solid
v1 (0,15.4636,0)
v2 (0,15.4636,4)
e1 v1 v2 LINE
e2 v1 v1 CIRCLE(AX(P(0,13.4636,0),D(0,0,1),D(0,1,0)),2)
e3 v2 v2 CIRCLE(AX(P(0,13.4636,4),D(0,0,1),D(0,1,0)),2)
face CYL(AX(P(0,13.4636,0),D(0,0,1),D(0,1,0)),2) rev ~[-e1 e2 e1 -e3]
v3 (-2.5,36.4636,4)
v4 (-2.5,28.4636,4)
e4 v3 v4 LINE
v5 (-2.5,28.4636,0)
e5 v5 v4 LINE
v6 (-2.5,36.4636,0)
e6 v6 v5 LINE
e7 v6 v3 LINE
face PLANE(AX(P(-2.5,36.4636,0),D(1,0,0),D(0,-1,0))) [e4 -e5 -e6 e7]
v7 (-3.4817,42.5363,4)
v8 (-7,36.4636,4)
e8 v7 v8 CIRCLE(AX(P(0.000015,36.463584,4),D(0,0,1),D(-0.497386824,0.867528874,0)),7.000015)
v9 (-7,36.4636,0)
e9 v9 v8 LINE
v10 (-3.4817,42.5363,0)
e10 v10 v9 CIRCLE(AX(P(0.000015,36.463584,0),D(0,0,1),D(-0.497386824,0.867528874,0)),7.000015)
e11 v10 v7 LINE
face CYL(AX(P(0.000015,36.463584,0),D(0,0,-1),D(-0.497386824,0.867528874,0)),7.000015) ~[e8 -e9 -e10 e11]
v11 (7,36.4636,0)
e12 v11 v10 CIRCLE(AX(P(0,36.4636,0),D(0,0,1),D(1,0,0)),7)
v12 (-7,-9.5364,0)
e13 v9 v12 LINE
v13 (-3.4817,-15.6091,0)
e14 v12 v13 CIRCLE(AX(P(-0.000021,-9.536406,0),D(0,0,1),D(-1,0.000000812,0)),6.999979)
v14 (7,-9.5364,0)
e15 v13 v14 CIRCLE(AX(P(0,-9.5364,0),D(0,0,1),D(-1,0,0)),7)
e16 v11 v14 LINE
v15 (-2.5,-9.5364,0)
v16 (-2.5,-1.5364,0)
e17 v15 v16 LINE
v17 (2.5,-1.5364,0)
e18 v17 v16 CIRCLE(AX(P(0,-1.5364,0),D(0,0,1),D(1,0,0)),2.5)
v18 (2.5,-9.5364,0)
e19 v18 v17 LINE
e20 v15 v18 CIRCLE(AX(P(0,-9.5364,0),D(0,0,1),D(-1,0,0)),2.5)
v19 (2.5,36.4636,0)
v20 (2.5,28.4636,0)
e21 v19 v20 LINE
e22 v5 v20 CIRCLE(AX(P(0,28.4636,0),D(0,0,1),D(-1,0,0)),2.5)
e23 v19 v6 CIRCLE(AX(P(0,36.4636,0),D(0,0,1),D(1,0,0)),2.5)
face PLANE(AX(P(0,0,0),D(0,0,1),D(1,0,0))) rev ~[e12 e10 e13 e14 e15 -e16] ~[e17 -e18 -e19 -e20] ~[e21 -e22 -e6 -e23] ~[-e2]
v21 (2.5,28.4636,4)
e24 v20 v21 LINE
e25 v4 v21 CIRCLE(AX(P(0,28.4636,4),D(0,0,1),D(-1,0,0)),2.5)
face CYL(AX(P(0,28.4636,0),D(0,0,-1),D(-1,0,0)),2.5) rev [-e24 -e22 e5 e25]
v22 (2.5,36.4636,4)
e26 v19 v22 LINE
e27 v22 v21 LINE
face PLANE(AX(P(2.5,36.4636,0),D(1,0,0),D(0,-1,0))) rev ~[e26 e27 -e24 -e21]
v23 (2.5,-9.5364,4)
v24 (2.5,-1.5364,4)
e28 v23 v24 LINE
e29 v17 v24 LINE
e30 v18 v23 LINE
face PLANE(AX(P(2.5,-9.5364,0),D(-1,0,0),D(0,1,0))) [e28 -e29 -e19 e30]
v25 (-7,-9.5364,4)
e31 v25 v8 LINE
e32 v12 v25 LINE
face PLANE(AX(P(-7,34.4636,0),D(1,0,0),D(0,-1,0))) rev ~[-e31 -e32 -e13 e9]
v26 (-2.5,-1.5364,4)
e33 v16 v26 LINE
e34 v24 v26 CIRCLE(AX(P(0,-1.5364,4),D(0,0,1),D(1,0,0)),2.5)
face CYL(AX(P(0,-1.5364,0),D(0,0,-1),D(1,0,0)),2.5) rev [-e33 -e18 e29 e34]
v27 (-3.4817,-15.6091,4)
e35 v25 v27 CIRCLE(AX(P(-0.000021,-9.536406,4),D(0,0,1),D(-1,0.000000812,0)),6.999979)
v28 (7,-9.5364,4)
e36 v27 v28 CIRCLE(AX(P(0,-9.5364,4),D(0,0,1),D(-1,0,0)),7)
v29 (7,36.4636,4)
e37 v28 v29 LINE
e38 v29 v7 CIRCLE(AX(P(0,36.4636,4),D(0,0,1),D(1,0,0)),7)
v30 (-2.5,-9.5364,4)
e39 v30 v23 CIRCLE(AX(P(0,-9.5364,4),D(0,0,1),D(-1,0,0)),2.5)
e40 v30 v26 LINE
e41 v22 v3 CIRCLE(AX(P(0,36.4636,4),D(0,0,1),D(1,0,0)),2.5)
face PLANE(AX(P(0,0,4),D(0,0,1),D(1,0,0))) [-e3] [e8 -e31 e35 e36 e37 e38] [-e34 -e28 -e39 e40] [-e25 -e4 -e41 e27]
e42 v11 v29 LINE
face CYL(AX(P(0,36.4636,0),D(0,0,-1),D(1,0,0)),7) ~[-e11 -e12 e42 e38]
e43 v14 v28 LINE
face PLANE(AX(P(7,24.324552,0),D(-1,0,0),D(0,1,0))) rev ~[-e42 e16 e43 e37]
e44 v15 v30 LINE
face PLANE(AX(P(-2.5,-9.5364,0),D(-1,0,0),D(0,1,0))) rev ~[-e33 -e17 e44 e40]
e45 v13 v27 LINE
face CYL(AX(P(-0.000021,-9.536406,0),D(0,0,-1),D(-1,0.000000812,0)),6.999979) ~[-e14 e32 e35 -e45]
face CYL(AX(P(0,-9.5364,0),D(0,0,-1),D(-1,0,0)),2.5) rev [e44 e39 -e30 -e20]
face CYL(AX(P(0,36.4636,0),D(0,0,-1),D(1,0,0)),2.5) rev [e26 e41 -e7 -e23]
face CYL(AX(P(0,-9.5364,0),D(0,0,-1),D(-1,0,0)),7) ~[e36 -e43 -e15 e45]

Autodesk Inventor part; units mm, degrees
ref_plane "YZ Plane" through (0, 0, 0) normal (1, 0, 0) x (0, 1, 0)
ref_plane "XZ Plane" through (0, 0, 0) normal (0, 1, 0) x (-1, 0, 0)
ref_plane "XY Plane" through (0, 0, 0) normal (0, 0, 1) x (1, 0, 0)
sketch "Skizze1" plane through (0, 0, 0) normal (0, 0, 1) x (1, 0, 0)
  arc A0 (-9.8094, 24.1784) -> (-25.5, 32.4636) centre (-25.5, 13.4636) ccw projected
  spline S0 degree 3 poles (-9.5246, 24.4295) (-9.5947, 24.3508) (-9.6913, 24.2673) (-9.8094, 24.1784) knots -3.5231 -3.5231 -3.5231 -3.5231 -3.387334 -3.387334 -3.387334 -3.387334 projected
  spline S1 degree 3 poles (-5.9203, 24.7286) (-7.1316, 24.6664) (-8.3377, 24.569) (-9.5246, 24.4295) knots -0.358998 -0.358998 -0.358998 -0.358998 -0.000488 -0.000488 -0.000488 -0.000488 projected
  spline S2 degree 3 poles (5.7288, 24.4412) (3.4836, 24.6353) (1.2371, 24.7655) (-2.6308, 24.8325) (-4.2803, 24.8128) (-5.9203, 24.7286) knots -1.514962 -1.514962 -1.514962 -1.514962 -0.844371 -0.844371 -0.358998 -0.358998 -0.358998 -0.358998 projected
  spline S3 degree 3 poles (8.0901, 24.2144) (7.3033, 24.2971) (6.5161, 24.3731) (5.7288, 24.4412) knots -1.750108 -1.750108 -1.750108 -1.750108 -1.514962 -1.514962 -1.514962 -1.514962 projected
  spline S4 degree 3 poles (8.0901, 2.7128) (8.324, 3.0878) (8.9082, 3.5361) (10.1578, 4.5908) (10.8258, 5.1897) (11.6918, 6.3753) (11.9647, 6.883) (12.3113, 8.0997) (12.28, 8.311) (12.28, 12.4461) (12.28, 15.0004) (12.28, 17.8437) (12.2842, 18.1327) (12.2772, 18.5532) (12.2692, 18.684) (12.1997, 19.3209) (12.0468, 19.8567) (11.3337, 21.1434) (10.7675, 21.7557) (9.5317, 22.8964) (8.8596, 23.394) (8.2868, 23.9543) (8.1689, 24.0882) (8.0901, 24.2144) knots -2.176074 -2.176074 -2.176074 -2.176074 -1.773424 -1.773424 -1.41219 -1.41219 -1.17714 -1.17714 -0.899589 -0.899589 -0.451124 -0.451124 -0.400379 -0.400379 -0.377291 -0.377291 -0.287848 -0.287848 -0.17573 -0.17573 -0.044638 -0.044638 0 0 0 0 projected
  spline S5 degree 3 poles (5.7288, 2.4861) (6.516, 2.5542) (7.3031, 2.6301) (8.0901, 2.7128) knots -0.237402 -0.237402 -0.237402 -0.237402 0 0 0 0 projected
  spline S6 degree 3 poles (-5.9203, 2.1987) (-3.7153, 2.0854) (-1.4799, 2.0879) (2.3946, 2.2331) (4.062, 2.342) (5.7288, 2.4861) knots -1.404313 -1.404313 -1.404313 -1.404313 -0.740078 -0.740078 -0.237402 -0.237402 -0.237402 -0.237402 projected
  spline S7 degree 3 poles (-9.5247, 2.4977) (-8.5957, 2.3885) (-7.6099, 2.3) (-6.3513, 2.2219) (-6.1359, 2.2098) (-5.9203, 2.1987) knots -1.784609 -1.784609 -1.784609 -1.784609 -1.469283 -1.469283 -1.404313 -1.404313 -1.404313 -1.404313 projected
  spline S8 degree 3 poles (-9.8094, 2.7489) (-9.6931, 2.6614) (-9.5956, 2.5775) (-9.5247, 2.4977) knots -0.032025 -0.032025 -0.032025 -0.032025 0 0 0 0 projected
  arc A1 (-25.5, -5.5364) -> (-9.8094, 2.7489) centre (-25.5, 13.4636) ccw projected
  line L0 (-9, -5.5364) -> (-25.5, -5.5364) projected
  arc A2 (-7, -7.5364) -> (-9, -5.5364) centre (-9, -7.5364) ccw projected
  line L1 (-7, -7.5364) -> (-7, -9.5364) projected
  arc A3 (-7, -9.5364) -> (-3.4817, -15.6091) centre (0, -9.5364) ccw projected
  line L2 (-3.4817, -15.6091) -> (15.2239, -26.3335) projected
  spline S9 degree 3 poles (15.2239, -26.3335) (17.8166, -26.541) (20.4738, -26.7661) (23.158, -27.0105) knots -4.735814 -4.735814 -4.735814 -4.735814 -3.935681 -3.935681 -3.935681 -3.935681 projected
  spline S10 degree 3 poles (23.158, -27.0105) (27.9304, -27.4451) (32.7882, -27.9415) (37.5208, -28.5102) knots -3.935681 -3.935681 -3.935681 -3.935681 -2.513113 -2.513113 -2.513113 -2.513113 projected
  spline S11 degree 3 poles (37.5208, -28.5102) (38.7326, -28.6558) (39.9362, -28.8061) (44.0796, -29.3451) (47.0402, -29.7682) (50, -30.2427) knots -2.513113 -2.513113 -2.513113 -2.513113 -2.148859 -2.148859 -1.24681 -1.24681 -1.24681 -1.24681 projected
  spline S12 degree 3 poles (56.3465, -31.3443) (54.2358, -30.9481) (52.1208, -30.5826) (50, -30.2427) knots 0.602362 0.602362 0.602362 0.602362 1.248335 1.248335 1.248335 1.248335 projected
  spline S13 degree 3 poles (62.241, -32.537) (60.2791, -32.11) (58.3146, -31.7138) (56.3465, -31.3443) knots 0 0 0 0 0.602362 0.602362 0.602362 0.602362 projected
  spline S14 degree 3 poles (70, -33.3784) (68.7046, -33.3784) (67.4128, -33.3082) (64.8217, -33.0283) (63.5264, -32.8168) (62.241, -32.537) knots 0 0 0 0 0.388621 0.388621 0.78344 0.78344 0.78344 0.78344 projected
  spline S15 degree 3 poles (73.7911, -33.2247) (72.5308, -33.327) (71.2661, -33.3784) (70, -33.3784) knots 14.377982 14.377982 14.377982 14.377982 14.757802 14.757802 14.757802 14.757802 projected
  spline S16 degree 3 poles (73.7911, 60.152) (78.5926, 59.7621) (83.3131, 58.6332) (93.4264, 54.4829) (98.563, 51.0872) (107.2455, 42.5179) (110.7083, 37.4263) (115.4874, 26.2024) (116.7579, 20.1773) (116.918, 7.9793) (115.806, 1.923) (111.3231, -9.4225) (107.9951, -14.6032) (99.5405, -23.3974) (94.4948, -26.9267) (85.9433, -30.7012) (82.8435, -31.7002) (77.726, -32.7793) (75.764, -33.0645) (73.7911, -33.2247) knots 0.380169 0.380169 0.380169 0.380169 1.829857 1.829857 3.659713 3.659713 5.48957 5.48957 7.319427 7.319427 9.149284 9.149284 10.97914 10.97914 12.808997 12.808997 13.783399 13.783399 14.377982 14.377982 14.377982 14.377982 projected
  spline S17 degree 3 poles (70, 60.3056) (71.2672, 60.3056) (72.5319, 60.2542) (73.7911, 60.152) knots 0 0 0 0 0.380169 0.380169 0.380169 0.380169 projected
  spline S18 degree 3 poles (62.241, 59.4643) (63.5284, 59.7445) (64.8258, 59.9562) (67.4171, 60.2358) (68.7068, 60.3056) (70, 60.3056) knots 0 0 0 0 0.395273 0.395273 0.783108 0.783108 0.783108 0.783108 projected
  spline S19 degree 3 poles (56.348, 58.2721) (58.3166, 58.6416) (60.281, 59.0377) (62.241, 59.4643) knots 0.694959 0.694959 0.694959 0.694959 1.295729 1.295729 1.295729 1.295729 projected
  spline S20 degree 3 poles (50, 57.1701) (52.1206, 57.5101) (54.2367, 57.8758) (56.348, 58.2721) knots 0.050632 0.050632 0.050632 0.050632 0.694959 0.694959 0.694959 0.694959 projected
  spline S21 degree 3 poles (50, 57.1701) (47.8223, 56.8209) (45.643, 56.4993) (41.5192, 55.9333) (39.5312, 55.6787) (37.5208, 55.4371) knots -7.681277 -7.681277 -7.681277 -7.681277 -7.051754 -7.051754 -6.488882 -6.488882 -6.488882 -6.488882 projected
  spline S22 degree 3 poles (37.5208, 55.4371) (32.7747, 54.867) (27.9035, 54.3706) (23.158, 53.9385) knots -6.488882 -6.488882 -6.488882 -6.488882 -5.160068 -5.160068 -5.160068 -5.160068 projected
  spline S23 degree 3 poles (23.158, 53.9385) (20.4571, 53.6926) (17.797, 53.4672) (15.2237, 53.2609) knots -5.160068 -5.160068 -5.160068 -5.160068 -4.403779 -4.403779 -4.403779 -4.403779 projected
  line L3 (15.2237, 53.2609) -> (-3.4817, 42.5363) projected
  arc A4 (-3.4817, 42.5363) -> (-7, 36.4636) centre (0, 36.4636) ccw projected
  line L4 (-7, 36.4636) -> (-7, 34.4636) projected
  arc A5 (-9, 32.4636) -> (-7, 34.4636) centre (-9, 34.4636) ccw projected
  line L5 (-25.5, 32.4636) -> (-9, 32.4636) projected
  circle A6 centre (70, 13.4636) radius 11.1 projected
  line L6 (58.1754, -1.5364) -> (56.5877, 1.2136) projected
  line L7 (56.5877, -4.2864) -> (58.1754, -1.5364) projected
  line L8 (53.4123, -4.2864) -> (56.5877, -4.2864) projected
  line L9 (51.8246, -1.5364) -> (53.4123, -4.2864) projected
  line L10 (53.4123, 1.2136) -> (51.8246, -1.5364) projected
  line L11 (56.5877, 1.2136) -> (53.4123, 1.2136) projected
  line L12 (56.5877, 25.7136) -> (58.1754, 28.4636) projected
  line L13 (53.4123, 25.7136) -> (56.5877, 25.7136) projected
  line L14 (51.8246, 28.4636) -> (53.4123, 25.7136) projected
  line L15 (53.4123, 31.2136) -> (51.8246, 28.4636) projected
  line L16 (56.5877, 31.2136) -> (53.4123, 31.2136) projected
  line L17 (58.1754, 28.4636) -> (56.5877, 31.2136) projected
  arc A7 (91, 7.9636) -> (99, 7.9636) centre (95, 7.9636) ccw projected
  line L18 (91, 7.9636) -> (91, 18.9636) projected
  arc A8 (99, 18.9636) -> (91, 18.9636) centre (95, 18.9636) ccw projected
  line L19 (99, 18.9636) -> (99, 7.9636) projected
  line L20 (88.1754, 28.4636) -> (86.5877, 31.2136) projected
  line L21 (86.5877, 25.7136) -> (88.1754, 28.4636) projected
  line L22 (83.4123, 25.7136) -> (86.5877, 25.7136) projected
  line L23 (81.8246, 28.4636) -> (83.4123, 25.7136) projected
  line L24 (83.4123, 31.2136) -> (81.8246, 28.4636) projected
  line L25 (86.5877, 31.2136) -> (83.4123, 31.2136) projected
  line L26 (86.5877, -4.2864) -> (88.1754, -1.5364) projected
  line L27 (83.4123, -4.2864) -> (86.5877, -4.2864) projected
  line L28 (81.8246, -1.5364) -> (83.4123, -4.2864) projected
  line L29 (83.4123, 1.2136) -> (81.8246, -1.5364) projected
  line L30 (86.5877, 1.2136) -> (83.4123, 1.2136) projected
  line L31 (88.1754, -1.5364) -> (86.5877, 1.2136) projected
  line L32 (2.5, -9.5364) -> (2.5, -1.5364) projected
  arc A9 (-2.5, -9.5364) -> (2.5, -9.5364) centre (0, -9.5364) ccw projected
  line L33 (-2.5, -9.5364) -> (-2.5, -1.5364) projected
  arc A10 (2.5, -1.5364) -> (-2.5, -1.5364) centre (0, -1.5364) ccw projected
  line L34 (2.5, 36.4636) -> (2.5, 28.4636) projected
  arc A11 (-2.5, 28.4636) -> (2.5, 28.4636) centre (0, 28.4636) ccw projected
  line L35 (-2.5, 36.4636) -> (-2.5, 28.4636) projected
  arc A12 (2.5, 36.4636) -> (-2.5, 36.4636) centre (0, 36.4636) ccw projected
  line L36 (0, 36.4636) -> (0, -9.5364) construction
  line L37 (-7, 36.4636) -> (-7, -9.5364)
  line L38 (7, -9.5364) -> (7, 36.4636)
  arc A13 (7, 36.4636) -> (-7, 36.4636) centre (0, 36.4636) ccw
  arc A14 (-7, -9.5364) -> (7, -9.5364) centre (0, -9.5364) ccw
  point P0 (0, 0)
  point P1 (0, 13.4636)
extrude "Extrusion1" add sketch "Skizze1" along normal blind 4 contours L37 L4 A4 A13 L38 S3 S2 S1 | S1 S2 S3 L38 S5 S6 S7 L37 | S7 S6 S5 L38 A14 A3 L1 L37
ref_plane "Arbeitsebene1" through (0, -9.5364, 0) normal (-1, 0, 0) x (0, 0, 1)
sketch "Skizze2" plane through (0, 0, 0) normal (0, 0, -1) x (-1, 0, 0)
  arc A0 (7, 36.4636) -> (-7, 36.4636) centre (0, 36.4636) ccw projected
  line L0 (-7, -9.5364) -> (-7, 36.4636) projected
  arc A1 (-7, -9.5364) -> (7, -9.5364) centre (0, -9.5364) ccw projected
  line L1 (0, 36.4636) -> (0, -9.5364) construction
  point P0 (0, 0)
  point P1 (0, 13.4636)
hole "Bohrung1" at (0, 13.4636, 0) direction (0, 0, 1) diameter 4 end through all
properties part number "clamp" material "ABS-Kunststoff - Schwarz"
